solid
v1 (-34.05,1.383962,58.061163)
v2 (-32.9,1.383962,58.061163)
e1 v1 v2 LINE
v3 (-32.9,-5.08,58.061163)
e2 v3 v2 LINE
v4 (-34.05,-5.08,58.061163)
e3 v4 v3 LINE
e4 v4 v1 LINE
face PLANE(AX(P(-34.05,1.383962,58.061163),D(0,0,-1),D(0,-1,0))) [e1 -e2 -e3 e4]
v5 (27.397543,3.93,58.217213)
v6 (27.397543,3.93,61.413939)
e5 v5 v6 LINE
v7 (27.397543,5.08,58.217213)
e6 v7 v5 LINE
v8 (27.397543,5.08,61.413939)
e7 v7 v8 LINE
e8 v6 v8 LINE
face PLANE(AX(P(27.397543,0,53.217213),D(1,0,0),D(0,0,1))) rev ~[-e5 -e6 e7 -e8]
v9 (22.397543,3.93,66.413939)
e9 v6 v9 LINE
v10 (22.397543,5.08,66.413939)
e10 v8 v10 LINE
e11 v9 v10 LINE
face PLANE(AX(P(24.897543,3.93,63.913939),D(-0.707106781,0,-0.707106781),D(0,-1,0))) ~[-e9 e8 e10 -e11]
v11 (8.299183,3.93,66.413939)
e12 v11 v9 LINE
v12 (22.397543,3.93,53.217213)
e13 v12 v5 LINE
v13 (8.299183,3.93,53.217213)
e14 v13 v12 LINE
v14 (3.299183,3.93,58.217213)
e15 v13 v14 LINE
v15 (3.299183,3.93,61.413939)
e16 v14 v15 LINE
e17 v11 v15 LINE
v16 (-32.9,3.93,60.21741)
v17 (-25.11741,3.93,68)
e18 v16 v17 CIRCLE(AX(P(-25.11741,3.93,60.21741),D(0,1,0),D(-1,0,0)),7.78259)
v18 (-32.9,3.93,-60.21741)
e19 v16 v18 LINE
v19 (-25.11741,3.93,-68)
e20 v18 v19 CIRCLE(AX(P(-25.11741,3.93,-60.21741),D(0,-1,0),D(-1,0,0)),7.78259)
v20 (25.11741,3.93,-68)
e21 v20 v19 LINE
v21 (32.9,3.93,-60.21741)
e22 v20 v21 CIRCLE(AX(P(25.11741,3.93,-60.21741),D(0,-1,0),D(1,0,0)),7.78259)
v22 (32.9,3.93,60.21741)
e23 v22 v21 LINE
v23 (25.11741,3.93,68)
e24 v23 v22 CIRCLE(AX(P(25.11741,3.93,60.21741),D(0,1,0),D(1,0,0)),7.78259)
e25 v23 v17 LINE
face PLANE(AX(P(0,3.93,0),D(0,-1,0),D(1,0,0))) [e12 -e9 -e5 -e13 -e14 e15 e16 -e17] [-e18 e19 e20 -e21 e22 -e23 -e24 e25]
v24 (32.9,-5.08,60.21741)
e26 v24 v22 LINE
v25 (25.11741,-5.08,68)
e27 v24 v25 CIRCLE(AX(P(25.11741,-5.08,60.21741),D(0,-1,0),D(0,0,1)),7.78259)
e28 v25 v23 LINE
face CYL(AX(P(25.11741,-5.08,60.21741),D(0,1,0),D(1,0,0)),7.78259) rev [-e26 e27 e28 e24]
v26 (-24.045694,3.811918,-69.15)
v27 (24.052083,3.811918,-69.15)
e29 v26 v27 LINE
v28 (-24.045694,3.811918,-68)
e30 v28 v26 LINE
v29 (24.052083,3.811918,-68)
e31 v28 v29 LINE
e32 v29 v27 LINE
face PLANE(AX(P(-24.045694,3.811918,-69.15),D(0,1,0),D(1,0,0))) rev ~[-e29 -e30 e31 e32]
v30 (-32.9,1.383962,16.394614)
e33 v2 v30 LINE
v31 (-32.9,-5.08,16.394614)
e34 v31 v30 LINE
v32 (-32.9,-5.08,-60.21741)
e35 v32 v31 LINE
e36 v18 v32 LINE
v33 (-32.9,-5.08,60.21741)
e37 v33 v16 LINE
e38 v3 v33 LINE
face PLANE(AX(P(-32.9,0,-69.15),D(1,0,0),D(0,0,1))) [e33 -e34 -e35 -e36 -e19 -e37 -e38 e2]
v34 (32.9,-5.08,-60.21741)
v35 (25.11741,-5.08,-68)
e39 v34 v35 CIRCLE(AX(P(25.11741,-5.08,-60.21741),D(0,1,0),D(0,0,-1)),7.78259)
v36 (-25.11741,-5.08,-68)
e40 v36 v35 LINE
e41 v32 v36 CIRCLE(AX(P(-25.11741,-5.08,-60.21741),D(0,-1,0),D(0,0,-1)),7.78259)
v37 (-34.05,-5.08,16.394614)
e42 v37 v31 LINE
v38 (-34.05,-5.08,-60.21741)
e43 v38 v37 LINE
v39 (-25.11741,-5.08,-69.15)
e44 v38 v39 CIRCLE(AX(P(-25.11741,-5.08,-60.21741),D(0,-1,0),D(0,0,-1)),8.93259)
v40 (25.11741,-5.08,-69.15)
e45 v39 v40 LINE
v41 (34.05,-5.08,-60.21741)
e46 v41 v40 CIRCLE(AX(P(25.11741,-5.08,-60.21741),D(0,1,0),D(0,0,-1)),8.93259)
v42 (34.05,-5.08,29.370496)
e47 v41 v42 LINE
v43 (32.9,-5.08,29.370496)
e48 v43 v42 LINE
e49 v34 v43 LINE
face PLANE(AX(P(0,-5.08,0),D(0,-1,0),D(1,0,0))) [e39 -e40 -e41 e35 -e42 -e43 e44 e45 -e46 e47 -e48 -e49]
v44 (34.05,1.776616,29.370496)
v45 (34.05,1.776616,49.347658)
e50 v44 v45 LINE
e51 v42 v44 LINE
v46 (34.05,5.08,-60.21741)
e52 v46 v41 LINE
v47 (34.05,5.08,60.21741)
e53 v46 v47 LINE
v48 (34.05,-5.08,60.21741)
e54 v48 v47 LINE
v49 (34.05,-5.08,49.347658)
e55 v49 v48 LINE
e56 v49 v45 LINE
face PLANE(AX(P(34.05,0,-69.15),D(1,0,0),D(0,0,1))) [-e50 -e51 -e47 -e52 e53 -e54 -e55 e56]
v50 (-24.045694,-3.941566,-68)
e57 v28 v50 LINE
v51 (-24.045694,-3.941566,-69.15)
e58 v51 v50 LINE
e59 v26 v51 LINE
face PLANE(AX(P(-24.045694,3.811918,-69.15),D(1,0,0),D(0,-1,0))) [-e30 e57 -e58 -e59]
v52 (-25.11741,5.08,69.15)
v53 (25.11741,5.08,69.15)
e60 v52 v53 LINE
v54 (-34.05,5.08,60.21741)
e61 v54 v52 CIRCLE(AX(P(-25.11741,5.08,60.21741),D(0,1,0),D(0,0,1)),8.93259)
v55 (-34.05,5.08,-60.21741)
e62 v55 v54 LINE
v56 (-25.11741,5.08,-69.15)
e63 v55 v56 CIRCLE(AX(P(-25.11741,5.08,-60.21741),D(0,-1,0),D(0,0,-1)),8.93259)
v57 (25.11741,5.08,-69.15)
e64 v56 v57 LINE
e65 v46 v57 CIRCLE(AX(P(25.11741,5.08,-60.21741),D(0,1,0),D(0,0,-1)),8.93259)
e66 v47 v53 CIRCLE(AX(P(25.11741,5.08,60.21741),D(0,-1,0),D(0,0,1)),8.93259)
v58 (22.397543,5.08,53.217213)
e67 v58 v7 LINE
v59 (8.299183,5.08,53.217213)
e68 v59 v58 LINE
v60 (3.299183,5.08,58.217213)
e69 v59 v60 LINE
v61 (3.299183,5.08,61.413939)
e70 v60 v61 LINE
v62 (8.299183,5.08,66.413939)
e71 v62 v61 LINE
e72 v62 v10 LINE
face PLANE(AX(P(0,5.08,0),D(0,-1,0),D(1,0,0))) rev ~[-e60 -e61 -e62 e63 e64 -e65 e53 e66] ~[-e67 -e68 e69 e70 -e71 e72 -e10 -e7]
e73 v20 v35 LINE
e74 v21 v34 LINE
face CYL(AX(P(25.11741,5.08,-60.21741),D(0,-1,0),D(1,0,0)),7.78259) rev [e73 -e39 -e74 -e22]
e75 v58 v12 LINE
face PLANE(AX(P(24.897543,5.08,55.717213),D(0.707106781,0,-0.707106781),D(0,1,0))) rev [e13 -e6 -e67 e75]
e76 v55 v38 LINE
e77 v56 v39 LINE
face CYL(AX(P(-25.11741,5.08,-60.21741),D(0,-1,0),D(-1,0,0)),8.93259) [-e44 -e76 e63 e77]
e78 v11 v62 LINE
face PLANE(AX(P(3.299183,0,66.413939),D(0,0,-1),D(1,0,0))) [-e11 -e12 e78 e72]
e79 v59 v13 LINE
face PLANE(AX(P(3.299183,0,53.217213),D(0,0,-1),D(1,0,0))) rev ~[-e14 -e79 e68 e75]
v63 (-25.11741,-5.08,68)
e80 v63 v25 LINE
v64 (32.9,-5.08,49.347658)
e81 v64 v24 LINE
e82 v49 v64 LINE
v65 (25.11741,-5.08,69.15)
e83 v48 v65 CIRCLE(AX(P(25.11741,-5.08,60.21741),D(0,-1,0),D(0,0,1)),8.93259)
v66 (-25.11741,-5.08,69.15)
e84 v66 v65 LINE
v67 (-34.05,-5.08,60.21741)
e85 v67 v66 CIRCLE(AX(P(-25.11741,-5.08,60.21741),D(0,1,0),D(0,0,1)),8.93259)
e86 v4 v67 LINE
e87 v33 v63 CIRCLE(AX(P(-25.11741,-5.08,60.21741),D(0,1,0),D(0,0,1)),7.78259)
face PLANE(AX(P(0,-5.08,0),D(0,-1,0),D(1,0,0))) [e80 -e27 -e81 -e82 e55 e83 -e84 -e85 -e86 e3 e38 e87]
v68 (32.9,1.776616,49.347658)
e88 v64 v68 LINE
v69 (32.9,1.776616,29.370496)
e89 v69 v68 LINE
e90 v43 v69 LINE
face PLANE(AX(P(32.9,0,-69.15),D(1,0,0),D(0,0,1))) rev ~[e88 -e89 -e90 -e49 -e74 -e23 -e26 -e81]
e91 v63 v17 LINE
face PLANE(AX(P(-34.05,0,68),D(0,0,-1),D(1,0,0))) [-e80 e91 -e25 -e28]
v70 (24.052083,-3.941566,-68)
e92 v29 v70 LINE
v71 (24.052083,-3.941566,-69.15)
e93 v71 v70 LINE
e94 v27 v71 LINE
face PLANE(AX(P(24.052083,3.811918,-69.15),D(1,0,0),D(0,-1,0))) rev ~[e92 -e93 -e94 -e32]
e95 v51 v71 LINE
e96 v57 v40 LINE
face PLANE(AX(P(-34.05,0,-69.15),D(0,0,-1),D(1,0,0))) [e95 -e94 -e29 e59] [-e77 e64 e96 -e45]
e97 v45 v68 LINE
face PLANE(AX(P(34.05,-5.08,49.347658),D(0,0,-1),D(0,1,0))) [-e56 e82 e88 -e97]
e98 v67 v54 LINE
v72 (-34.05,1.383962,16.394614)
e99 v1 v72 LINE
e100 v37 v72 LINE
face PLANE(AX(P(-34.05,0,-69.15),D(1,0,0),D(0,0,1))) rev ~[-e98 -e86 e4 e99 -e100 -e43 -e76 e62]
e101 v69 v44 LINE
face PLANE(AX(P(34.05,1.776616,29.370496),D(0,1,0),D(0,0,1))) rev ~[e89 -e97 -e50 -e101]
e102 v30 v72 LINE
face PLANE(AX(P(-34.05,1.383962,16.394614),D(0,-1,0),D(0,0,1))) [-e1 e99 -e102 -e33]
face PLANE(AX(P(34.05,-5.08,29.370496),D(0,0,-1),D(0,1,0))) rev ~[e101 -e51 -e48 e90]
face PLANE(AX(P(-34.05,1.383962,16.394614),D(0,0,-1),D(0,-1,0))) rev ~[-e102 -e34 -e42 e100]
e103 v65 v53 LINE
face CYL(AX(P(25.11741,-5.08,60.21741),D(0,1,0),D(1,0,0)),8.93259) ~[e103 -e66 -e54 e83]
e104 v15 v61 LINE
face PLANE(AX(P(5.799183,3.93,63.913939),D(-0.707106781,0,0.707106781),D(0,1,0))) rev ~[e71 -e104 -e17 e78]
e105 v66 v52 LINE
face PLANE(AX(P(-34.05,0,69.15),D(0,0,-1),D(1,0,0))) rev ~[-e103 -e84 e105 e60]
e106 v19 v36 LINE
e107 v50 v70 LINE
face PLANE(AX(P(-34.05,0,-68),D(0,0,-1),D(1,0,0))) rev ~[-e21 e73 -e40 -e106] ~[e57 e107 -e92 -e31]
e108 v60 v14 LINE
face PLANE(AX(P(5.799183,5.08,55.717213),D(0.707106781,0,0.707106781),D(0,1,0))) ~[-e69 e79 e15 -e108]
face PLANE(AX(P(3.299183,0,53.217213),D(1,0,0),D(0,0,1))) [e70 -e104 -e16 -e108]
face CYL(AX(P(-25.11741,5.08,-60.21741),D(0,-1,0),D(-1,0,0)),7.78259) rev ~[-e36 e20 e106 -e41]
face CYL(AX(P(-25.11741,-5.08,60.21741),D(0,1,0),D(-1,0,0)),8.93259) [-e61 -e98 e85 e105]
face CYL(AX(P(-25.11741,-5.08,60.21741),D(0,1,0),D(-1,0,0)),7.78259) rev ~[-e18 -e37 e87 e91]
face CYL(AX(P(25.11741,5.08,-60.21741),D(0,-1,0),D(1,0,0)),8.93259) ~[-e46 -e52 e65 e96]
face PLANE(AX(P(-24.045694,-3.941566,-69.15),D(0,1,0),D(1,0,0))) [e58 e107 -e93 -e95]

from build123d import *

# Parameters (mm, degrees)
F0_W      = 68.1
F0_H      = 138.3
F1_DEPTH  = 5.08
F2_R      = 8.93259
F3_T      = -1.15
F4_W      = 24.09836
F4_H      = 13.196725
F5_DEPTH  = 12.5
F6_W      = 48.097777
F6_H      = 7.753484
F7_DEPTH  = 12.5
F8_W      = 10.118616
F8_H      = 41.666549
F9_DEPTH  = 12.5
F10_W     = 6.856616
F10_H     = 19.977162
F11_DEPTH = 12.5
F12_SIZE  = 5


with BuildPart() as f1:
    # F0 (on Front) → F1 (new body, symmetric)
    with BuildSketch(Plane.XZ):
        Rectangle(F0_W, F0_H)
    extrude(amount=F1_DEPTH, both=True)

    # F2
    f2_edges = [f1.edges().sort_by_distance(p)[0] for p in [
        (-34.05, 0, 69.15),
        (34.05, 0, 69.15),
        (34.05, 0, -69.15),
        (-34.05, 0, -69.15),
    ]]
    fillet(f2_edges, radius=F2_R)

    # F3
    f3_openings = [f1.faces().sort_by_distance(p)[0] for p in [
        (0, -5.08, 0),
    ]]
    offset(amount=F3_T, openings=f3_openings)

    # F4 (on face) → F5 (cut, symmetric)
    with BuildSketch(Plane.XZ):
        with Locations((15.348363, 59.815576)):
            Rectangle(F4_W, F4_H)
    extrude(amount=F5_DEPTH, both=True, mode=Mode.SUBTRACT)

    # F6 (on face) → F7 (cut, symmetric)
    with BuildSketch(Plane(origin=(0, 0, -69.15), x_dir=(1, 0, 0), z_dir=(0, 0, -1))):
        with Locations((0.003194, 0.064824)):
            Rectangle(F6_W, F6_H)
    extrude(amount=F7_DEPTH, both=True, mode=Mode.SUBTRACT)

    # F8 (on face) → F9 (cut, symmetric)
    with BuildSketch(Plane(origin=(-34.05, 0, 0), x_dir=(0, -1, 0), z_dir=(-1, 0, 0))):
        with Locations((3.675346, 37.227889)):
            Rectangle(F8_W, F8_H)
    extrude(amount=F9_DEPTH, both=True, mode=Mode.SUBTRACT)

    # F10 (on face) → F11 (cut, symmetric)
    with BuildSketch(Plane.YZ.offset(34.05)):
        with Locations((-1.651692, 39.359077)):
            Rectangle(F10_W, F10_H)
    extrude(amount=F11_DEPTH, both=True, mode=Mode.SUBTRACT)

    # F12
    f12_edges = [f1.edges().sort_by_distance(p)[0] for p in [
        (3.299183, 4.505, 66.413939),
        (27.397543, 4.505, 66.413939),
        (27.397543, 4.505, 53.217214),
        (3.299183, 4.505, 53.217214),
    ]]
    chamfer(f12_edges, length=F12_SIZE)


solid = f1.part
